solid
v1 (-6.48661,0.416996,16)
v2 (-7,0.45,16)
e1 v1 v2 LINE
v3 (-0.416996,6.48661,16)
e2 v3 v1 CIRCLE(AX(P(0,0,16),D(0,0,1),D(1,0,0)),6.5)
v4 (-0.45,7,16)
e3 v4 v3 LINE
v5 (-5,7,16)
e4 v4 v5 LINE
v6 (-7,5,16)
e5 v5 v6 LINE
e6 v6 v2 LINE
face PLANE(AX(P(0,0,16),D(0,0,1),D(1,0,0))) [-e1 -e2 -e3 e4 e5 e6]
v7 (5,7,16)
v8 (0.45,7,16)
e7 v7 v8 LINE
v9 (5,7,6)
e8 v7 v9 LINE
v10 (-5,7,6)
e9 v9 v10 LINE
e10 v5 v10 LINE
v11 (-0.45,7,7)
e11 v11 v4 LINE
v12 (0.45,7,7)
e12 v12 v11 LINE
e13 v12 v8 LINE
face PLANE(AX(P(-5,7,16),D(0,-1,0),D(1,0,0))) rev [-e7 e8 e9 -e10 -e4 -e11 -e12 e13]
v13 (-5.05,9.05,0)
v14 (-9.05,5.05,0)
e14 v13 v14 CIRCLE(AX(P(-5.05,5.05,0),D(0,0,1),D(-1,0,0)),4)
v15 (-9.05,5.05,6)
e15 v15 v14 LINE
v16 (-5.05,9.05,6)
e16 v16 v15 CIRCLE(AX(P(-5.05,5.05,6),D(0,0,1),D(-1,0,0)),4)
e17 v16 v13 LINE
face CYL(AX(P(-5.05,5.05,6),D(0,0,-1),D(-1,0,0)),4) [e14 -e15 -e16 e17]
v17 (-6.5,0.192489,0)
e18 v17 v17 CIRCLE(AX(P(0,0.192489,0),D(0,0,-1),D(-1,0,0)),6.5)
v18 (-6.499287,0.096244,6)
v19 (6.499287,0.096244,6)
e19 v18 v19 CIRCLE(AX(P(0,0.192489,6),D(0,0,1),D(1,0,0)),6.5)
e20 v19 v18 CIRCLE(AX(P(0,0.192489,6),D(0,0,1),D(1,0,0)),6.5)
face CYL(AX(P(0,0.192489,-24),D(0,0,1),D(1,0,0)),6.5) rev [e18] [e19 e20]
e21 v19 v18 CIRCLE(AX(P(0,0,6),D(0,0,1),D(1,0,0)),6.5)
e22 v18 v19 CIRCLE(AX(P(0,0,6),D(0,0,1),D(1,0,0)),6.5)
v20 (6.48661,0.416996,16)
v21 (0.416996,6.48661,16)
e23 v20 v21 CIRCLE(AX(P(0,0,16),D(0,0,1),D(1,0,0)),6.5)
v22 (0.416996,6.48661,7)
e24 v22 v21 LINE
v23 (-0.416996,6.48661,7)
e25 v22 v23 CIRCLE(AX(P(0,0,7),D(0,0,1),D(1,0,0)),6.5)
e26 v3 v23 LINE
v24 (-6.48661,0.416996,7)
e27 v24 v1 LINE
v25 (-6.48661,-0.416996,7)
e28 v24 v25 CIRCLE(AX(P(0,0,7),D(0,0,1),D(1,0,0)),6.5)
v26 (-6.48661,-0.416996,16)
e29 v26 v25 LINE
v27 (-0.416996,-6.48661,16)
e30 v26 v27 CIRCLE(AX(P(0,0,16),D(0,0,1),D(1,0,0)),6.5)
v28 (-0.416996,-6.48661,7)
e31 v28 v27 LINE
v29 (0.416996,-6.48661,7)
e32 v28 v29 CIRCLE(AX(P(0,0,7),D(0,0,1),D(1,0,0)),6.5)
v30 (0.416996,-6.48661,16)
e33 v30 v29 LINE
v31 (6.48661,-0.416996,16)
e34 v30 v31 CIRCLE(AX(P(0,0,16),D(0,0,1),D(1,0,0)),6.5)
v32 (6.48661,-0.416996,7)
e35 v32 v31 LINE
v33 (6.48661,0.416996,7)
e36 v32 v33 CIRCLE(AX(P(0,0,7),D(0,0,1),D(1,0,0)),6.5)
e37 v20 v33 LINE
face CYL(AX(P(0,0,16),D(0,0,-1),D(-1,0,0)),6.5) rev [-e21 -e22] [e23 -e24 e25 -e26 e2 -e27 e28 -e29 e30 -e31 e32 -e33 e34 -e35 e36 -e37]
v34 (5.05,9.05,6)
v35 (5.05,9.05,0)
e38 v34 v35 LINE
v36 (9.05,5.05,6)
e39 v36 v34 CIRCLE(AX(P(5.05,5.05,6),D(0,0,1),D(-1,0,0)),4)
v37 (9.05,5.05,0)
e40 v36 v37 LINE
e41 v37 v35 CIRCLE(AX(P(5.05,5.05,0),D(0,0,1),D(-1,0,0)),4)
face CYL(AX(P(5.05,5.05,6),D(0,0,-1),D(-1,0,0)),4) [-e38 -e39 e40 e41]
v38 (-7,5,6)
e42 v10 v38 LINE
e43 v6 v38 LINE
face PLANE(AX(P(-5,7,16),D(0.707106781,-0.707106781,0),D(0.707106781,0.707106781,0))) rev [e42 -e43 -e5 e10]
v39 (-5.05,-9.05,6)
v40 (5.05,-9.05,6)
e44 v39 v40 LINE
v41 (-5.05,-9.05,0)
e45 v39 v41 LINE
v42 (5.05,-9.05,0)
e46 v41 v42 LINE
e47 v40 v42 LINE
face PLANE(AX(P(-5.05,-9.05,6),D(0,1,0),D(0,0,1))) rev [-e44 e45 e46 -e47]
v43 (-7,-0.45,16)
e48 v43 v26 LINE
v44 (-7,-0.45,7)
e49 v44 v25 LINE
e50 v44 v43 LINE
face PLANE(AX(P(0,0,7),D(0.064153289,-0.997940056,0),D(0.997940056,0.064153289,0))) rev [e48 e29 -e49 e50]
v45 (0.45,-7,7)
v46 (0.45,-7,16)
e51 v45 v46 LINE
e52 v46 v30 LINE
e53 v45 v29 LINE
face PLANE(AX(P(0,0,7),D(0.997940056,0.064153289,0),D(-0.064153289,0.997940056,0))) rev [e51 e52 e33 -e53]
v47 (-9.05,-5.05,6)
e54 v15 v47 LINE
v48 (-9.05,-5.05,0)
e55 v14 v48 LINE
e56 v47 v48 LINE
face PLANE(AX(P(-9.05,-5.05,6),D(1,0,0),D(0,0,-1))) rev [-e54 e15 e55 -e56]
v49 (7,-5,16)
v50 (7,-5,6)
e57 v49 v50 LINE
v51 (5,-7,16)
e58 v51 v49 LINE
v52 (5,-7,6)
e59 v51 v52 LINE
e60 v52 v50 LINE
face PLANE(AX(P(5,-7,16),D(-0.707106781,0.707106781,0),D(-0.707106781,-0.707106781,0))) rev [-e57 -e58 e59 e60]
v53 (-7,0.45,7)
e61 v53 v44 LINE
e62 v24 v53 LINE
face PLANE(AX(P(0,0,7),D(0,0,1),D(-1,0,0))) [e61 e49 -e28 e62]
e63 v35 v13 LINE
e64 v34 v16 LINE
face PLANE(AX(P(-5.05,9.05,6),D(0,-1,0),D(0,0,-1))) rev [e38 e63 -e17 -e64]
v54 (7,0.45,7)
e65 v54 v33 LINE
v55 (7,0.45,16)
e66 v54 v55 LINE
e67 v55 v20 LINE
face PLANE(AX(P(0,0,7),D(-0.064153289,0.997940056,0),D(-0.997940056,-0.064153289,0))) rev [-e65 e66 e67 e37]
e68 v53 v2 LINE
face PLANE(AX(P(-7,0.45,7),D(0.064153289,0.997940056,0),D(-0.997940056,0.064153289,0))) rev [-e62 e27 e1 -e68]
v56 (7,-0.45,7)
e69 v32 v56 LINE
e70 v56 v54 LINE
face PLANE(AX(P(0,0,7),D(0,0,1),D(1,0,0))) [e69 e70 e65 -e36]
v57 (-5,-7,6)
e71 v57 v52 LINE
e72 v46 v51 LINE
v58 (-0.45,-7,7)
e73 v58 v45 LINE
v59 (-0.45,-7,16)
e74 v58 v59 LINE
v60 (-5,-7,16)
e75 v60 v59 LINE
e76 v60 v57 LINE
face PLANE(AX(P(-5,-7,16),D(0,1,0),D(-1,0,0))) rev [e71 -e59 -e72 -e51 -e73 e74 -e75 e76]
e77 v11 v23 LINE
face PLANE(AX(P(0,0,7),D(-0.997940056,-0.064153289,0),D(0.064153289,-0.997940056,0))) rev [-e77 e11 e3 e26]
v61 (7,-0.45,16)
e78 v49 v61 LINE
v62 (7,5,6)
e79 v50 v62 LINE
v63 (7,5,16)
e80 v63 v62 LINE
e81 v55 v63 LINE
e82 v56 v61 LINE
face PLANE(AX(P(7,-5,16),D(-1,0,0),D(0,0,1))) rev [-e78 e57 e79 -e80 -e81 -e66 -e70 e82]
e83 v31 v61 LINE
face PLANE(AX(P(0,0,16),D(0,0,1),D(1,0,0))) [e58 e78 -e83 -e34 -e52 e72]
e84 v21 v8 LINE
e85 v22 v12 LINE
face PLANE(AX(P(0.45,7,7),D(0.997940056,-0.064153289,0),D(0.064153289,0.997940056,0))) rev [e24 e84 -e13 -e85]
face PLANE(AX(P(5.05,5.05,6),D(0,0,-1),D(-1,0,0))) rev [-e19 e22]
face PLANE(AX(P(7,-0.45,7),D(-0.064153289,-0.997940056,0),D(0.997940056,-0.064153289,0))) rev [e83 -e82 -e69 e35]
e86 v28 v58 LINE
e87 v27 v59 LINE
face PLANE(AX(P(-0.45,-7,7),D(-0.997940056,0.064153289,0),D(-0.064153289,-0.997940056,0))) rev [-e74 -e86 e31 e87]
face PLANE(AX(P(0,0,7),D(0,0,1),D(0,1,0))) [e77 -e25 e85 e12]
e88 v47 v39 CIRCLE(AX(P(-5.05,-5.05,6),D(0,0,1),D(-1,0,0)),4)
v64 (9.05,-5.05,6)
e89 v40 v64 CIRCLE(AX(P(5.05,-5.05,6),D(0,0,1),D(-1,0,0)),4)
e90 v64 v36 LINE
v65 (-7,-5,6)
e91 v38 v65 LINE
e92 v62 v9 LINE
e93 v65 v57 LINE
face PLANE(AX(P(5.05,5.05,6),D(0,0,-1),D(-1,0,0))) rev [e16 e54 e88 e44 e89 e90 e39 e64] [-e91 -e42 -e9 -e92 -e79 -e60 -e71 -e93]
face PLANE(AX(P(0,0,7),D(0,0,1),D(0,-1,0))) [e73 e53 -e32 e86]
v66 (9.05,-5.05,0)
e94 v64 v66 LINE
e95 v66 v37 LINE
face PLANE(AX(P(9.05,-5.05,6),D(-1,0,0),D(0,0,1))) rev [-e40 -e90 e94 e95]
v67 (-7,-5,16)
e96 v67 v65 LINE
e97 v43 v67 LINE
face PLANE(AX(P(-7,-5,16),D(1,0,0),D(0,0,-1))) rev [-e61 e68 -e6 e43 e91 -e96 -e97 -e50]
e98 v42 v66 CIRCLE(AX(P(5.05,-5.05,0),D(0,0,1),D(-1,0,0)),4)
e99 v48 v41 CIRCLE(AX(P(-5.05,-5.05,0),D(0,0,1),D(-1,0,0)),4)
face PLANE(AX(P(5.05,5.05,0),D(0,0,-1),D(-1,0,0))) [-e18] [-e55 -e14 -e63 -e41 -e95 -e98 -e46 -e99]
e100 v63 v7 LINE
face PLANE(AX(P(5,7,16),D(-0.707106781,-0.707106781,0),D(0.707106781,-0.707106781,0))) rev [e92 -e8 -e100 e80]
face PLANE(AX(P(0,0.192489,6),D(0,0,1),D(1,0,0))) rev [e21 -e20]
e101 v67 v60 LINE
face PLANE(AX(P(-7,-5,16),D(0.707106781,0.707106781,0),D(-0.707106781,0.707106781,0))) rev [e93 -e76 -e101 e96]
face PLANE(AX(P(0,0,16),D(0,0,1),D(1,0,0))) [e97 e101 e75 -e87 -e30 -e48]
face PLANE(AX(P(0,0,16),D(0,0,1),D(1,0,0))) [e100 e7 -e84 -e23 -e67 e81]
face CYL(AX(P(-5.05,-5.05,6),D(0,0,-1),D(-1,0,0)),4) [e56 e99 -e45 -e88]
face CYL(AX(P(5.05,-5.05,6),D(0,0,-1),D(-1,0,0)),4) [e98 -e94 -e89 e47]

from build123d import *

# Parameters (mm, degrees)
BOSS_EXTRUDE1_DEPTH = 6
SKETCH3_R           = 6.5
BOSS_EXTRUDE2_DEPTH = 10
CUT_EXTRUDE7_DEPTH  = 9
CIRPATTERN1_COUNT   = 4
SKETCH12_R          = 6.5
CUT_EXTRUDE8_DEPTH  = 30


with BuildPart() as part:
    # Sketch1 → Boss-Extrude1 (new body)
    with BuildSketch(Plane.XY):
        with BuildLine():
            Line((-5.05, 9.05), (5.05, 9.05))
            ThreePointArc((5.05, 9.05), (7.878427125, 7.878427125), (9.05, 5.05))
            Line((9.05, 5.05), (9.05, -5.05))
            ThreePointArc((9.05, -5.05), (7.878427125, -7.878427125), (5.05, -9.05))
            Line((5.05, -9.05), (-5.05, -9.05))
            ThreePointArc((-5.05, -9.05), (-7.878427125, -7.878427125), (-9.05, -5.05))
            Line((-9.05, -5.05), (-9.05, 5.05))
            ThreePointArc((-9.05, 5.05), (-7.878427125, 7.878427125), (-5.05, 9.05))
        make_face()
    extrude(amount=BOSS_EXTRUDE1_DEPTH)

    # Sketch3 → Boss-Extrude2 (add)
    with BuildSketch(Plane.XY.offset(6)):
        Polygon((-5, -7), (5, -7), (7, -5), (7, 5), (5, 7), (-5, 7), (-7, 5), (-7, -5), align=None)
        Circle(SKETCH3_R, mode=Mode.SUBTRACT)
    extrude(amount=BOSS_EXTRUDE2_DEPTH)

    # Sketch11 → Cut-Extrude7 (cut)
    with BuildSketch(Plane.XY.offset(16)):
        Polygon((0, 0), (7, 0.45), (7, -0.45), align=None)
    cut_extrude7 = extrude(amount=-CUT_EXTRUDE7_DEPTH, mode=Mode.SUBTRACT)

    # CirPattern1: Cut-Extrude7 ×4 about axis
    cirpattern1_axis = Axis((0, 0, 16), (0, 0, -1))
    for i in range(1, CIRPATTERN1_COUNT):
        add(cut_extrude7.rotate(cirpattern1_axis, i * 360 / CIRPATTERN1_COUNT), mode=Mode.SUBTRACT)

    # Sketch12 → Cut-Extrude8 (cut)
    with BuildSketch(Plane.XY.offset(6)):
        with Locations(Location((0, 0.192488852, 0), (0, 0, 359.151599859))):
            Circle(SKETCH12_R)
    extrude(amount=-CUT_EXTRUDE8_DEPTH, mode=Mode.SUBTRACT)


solid = part.part
